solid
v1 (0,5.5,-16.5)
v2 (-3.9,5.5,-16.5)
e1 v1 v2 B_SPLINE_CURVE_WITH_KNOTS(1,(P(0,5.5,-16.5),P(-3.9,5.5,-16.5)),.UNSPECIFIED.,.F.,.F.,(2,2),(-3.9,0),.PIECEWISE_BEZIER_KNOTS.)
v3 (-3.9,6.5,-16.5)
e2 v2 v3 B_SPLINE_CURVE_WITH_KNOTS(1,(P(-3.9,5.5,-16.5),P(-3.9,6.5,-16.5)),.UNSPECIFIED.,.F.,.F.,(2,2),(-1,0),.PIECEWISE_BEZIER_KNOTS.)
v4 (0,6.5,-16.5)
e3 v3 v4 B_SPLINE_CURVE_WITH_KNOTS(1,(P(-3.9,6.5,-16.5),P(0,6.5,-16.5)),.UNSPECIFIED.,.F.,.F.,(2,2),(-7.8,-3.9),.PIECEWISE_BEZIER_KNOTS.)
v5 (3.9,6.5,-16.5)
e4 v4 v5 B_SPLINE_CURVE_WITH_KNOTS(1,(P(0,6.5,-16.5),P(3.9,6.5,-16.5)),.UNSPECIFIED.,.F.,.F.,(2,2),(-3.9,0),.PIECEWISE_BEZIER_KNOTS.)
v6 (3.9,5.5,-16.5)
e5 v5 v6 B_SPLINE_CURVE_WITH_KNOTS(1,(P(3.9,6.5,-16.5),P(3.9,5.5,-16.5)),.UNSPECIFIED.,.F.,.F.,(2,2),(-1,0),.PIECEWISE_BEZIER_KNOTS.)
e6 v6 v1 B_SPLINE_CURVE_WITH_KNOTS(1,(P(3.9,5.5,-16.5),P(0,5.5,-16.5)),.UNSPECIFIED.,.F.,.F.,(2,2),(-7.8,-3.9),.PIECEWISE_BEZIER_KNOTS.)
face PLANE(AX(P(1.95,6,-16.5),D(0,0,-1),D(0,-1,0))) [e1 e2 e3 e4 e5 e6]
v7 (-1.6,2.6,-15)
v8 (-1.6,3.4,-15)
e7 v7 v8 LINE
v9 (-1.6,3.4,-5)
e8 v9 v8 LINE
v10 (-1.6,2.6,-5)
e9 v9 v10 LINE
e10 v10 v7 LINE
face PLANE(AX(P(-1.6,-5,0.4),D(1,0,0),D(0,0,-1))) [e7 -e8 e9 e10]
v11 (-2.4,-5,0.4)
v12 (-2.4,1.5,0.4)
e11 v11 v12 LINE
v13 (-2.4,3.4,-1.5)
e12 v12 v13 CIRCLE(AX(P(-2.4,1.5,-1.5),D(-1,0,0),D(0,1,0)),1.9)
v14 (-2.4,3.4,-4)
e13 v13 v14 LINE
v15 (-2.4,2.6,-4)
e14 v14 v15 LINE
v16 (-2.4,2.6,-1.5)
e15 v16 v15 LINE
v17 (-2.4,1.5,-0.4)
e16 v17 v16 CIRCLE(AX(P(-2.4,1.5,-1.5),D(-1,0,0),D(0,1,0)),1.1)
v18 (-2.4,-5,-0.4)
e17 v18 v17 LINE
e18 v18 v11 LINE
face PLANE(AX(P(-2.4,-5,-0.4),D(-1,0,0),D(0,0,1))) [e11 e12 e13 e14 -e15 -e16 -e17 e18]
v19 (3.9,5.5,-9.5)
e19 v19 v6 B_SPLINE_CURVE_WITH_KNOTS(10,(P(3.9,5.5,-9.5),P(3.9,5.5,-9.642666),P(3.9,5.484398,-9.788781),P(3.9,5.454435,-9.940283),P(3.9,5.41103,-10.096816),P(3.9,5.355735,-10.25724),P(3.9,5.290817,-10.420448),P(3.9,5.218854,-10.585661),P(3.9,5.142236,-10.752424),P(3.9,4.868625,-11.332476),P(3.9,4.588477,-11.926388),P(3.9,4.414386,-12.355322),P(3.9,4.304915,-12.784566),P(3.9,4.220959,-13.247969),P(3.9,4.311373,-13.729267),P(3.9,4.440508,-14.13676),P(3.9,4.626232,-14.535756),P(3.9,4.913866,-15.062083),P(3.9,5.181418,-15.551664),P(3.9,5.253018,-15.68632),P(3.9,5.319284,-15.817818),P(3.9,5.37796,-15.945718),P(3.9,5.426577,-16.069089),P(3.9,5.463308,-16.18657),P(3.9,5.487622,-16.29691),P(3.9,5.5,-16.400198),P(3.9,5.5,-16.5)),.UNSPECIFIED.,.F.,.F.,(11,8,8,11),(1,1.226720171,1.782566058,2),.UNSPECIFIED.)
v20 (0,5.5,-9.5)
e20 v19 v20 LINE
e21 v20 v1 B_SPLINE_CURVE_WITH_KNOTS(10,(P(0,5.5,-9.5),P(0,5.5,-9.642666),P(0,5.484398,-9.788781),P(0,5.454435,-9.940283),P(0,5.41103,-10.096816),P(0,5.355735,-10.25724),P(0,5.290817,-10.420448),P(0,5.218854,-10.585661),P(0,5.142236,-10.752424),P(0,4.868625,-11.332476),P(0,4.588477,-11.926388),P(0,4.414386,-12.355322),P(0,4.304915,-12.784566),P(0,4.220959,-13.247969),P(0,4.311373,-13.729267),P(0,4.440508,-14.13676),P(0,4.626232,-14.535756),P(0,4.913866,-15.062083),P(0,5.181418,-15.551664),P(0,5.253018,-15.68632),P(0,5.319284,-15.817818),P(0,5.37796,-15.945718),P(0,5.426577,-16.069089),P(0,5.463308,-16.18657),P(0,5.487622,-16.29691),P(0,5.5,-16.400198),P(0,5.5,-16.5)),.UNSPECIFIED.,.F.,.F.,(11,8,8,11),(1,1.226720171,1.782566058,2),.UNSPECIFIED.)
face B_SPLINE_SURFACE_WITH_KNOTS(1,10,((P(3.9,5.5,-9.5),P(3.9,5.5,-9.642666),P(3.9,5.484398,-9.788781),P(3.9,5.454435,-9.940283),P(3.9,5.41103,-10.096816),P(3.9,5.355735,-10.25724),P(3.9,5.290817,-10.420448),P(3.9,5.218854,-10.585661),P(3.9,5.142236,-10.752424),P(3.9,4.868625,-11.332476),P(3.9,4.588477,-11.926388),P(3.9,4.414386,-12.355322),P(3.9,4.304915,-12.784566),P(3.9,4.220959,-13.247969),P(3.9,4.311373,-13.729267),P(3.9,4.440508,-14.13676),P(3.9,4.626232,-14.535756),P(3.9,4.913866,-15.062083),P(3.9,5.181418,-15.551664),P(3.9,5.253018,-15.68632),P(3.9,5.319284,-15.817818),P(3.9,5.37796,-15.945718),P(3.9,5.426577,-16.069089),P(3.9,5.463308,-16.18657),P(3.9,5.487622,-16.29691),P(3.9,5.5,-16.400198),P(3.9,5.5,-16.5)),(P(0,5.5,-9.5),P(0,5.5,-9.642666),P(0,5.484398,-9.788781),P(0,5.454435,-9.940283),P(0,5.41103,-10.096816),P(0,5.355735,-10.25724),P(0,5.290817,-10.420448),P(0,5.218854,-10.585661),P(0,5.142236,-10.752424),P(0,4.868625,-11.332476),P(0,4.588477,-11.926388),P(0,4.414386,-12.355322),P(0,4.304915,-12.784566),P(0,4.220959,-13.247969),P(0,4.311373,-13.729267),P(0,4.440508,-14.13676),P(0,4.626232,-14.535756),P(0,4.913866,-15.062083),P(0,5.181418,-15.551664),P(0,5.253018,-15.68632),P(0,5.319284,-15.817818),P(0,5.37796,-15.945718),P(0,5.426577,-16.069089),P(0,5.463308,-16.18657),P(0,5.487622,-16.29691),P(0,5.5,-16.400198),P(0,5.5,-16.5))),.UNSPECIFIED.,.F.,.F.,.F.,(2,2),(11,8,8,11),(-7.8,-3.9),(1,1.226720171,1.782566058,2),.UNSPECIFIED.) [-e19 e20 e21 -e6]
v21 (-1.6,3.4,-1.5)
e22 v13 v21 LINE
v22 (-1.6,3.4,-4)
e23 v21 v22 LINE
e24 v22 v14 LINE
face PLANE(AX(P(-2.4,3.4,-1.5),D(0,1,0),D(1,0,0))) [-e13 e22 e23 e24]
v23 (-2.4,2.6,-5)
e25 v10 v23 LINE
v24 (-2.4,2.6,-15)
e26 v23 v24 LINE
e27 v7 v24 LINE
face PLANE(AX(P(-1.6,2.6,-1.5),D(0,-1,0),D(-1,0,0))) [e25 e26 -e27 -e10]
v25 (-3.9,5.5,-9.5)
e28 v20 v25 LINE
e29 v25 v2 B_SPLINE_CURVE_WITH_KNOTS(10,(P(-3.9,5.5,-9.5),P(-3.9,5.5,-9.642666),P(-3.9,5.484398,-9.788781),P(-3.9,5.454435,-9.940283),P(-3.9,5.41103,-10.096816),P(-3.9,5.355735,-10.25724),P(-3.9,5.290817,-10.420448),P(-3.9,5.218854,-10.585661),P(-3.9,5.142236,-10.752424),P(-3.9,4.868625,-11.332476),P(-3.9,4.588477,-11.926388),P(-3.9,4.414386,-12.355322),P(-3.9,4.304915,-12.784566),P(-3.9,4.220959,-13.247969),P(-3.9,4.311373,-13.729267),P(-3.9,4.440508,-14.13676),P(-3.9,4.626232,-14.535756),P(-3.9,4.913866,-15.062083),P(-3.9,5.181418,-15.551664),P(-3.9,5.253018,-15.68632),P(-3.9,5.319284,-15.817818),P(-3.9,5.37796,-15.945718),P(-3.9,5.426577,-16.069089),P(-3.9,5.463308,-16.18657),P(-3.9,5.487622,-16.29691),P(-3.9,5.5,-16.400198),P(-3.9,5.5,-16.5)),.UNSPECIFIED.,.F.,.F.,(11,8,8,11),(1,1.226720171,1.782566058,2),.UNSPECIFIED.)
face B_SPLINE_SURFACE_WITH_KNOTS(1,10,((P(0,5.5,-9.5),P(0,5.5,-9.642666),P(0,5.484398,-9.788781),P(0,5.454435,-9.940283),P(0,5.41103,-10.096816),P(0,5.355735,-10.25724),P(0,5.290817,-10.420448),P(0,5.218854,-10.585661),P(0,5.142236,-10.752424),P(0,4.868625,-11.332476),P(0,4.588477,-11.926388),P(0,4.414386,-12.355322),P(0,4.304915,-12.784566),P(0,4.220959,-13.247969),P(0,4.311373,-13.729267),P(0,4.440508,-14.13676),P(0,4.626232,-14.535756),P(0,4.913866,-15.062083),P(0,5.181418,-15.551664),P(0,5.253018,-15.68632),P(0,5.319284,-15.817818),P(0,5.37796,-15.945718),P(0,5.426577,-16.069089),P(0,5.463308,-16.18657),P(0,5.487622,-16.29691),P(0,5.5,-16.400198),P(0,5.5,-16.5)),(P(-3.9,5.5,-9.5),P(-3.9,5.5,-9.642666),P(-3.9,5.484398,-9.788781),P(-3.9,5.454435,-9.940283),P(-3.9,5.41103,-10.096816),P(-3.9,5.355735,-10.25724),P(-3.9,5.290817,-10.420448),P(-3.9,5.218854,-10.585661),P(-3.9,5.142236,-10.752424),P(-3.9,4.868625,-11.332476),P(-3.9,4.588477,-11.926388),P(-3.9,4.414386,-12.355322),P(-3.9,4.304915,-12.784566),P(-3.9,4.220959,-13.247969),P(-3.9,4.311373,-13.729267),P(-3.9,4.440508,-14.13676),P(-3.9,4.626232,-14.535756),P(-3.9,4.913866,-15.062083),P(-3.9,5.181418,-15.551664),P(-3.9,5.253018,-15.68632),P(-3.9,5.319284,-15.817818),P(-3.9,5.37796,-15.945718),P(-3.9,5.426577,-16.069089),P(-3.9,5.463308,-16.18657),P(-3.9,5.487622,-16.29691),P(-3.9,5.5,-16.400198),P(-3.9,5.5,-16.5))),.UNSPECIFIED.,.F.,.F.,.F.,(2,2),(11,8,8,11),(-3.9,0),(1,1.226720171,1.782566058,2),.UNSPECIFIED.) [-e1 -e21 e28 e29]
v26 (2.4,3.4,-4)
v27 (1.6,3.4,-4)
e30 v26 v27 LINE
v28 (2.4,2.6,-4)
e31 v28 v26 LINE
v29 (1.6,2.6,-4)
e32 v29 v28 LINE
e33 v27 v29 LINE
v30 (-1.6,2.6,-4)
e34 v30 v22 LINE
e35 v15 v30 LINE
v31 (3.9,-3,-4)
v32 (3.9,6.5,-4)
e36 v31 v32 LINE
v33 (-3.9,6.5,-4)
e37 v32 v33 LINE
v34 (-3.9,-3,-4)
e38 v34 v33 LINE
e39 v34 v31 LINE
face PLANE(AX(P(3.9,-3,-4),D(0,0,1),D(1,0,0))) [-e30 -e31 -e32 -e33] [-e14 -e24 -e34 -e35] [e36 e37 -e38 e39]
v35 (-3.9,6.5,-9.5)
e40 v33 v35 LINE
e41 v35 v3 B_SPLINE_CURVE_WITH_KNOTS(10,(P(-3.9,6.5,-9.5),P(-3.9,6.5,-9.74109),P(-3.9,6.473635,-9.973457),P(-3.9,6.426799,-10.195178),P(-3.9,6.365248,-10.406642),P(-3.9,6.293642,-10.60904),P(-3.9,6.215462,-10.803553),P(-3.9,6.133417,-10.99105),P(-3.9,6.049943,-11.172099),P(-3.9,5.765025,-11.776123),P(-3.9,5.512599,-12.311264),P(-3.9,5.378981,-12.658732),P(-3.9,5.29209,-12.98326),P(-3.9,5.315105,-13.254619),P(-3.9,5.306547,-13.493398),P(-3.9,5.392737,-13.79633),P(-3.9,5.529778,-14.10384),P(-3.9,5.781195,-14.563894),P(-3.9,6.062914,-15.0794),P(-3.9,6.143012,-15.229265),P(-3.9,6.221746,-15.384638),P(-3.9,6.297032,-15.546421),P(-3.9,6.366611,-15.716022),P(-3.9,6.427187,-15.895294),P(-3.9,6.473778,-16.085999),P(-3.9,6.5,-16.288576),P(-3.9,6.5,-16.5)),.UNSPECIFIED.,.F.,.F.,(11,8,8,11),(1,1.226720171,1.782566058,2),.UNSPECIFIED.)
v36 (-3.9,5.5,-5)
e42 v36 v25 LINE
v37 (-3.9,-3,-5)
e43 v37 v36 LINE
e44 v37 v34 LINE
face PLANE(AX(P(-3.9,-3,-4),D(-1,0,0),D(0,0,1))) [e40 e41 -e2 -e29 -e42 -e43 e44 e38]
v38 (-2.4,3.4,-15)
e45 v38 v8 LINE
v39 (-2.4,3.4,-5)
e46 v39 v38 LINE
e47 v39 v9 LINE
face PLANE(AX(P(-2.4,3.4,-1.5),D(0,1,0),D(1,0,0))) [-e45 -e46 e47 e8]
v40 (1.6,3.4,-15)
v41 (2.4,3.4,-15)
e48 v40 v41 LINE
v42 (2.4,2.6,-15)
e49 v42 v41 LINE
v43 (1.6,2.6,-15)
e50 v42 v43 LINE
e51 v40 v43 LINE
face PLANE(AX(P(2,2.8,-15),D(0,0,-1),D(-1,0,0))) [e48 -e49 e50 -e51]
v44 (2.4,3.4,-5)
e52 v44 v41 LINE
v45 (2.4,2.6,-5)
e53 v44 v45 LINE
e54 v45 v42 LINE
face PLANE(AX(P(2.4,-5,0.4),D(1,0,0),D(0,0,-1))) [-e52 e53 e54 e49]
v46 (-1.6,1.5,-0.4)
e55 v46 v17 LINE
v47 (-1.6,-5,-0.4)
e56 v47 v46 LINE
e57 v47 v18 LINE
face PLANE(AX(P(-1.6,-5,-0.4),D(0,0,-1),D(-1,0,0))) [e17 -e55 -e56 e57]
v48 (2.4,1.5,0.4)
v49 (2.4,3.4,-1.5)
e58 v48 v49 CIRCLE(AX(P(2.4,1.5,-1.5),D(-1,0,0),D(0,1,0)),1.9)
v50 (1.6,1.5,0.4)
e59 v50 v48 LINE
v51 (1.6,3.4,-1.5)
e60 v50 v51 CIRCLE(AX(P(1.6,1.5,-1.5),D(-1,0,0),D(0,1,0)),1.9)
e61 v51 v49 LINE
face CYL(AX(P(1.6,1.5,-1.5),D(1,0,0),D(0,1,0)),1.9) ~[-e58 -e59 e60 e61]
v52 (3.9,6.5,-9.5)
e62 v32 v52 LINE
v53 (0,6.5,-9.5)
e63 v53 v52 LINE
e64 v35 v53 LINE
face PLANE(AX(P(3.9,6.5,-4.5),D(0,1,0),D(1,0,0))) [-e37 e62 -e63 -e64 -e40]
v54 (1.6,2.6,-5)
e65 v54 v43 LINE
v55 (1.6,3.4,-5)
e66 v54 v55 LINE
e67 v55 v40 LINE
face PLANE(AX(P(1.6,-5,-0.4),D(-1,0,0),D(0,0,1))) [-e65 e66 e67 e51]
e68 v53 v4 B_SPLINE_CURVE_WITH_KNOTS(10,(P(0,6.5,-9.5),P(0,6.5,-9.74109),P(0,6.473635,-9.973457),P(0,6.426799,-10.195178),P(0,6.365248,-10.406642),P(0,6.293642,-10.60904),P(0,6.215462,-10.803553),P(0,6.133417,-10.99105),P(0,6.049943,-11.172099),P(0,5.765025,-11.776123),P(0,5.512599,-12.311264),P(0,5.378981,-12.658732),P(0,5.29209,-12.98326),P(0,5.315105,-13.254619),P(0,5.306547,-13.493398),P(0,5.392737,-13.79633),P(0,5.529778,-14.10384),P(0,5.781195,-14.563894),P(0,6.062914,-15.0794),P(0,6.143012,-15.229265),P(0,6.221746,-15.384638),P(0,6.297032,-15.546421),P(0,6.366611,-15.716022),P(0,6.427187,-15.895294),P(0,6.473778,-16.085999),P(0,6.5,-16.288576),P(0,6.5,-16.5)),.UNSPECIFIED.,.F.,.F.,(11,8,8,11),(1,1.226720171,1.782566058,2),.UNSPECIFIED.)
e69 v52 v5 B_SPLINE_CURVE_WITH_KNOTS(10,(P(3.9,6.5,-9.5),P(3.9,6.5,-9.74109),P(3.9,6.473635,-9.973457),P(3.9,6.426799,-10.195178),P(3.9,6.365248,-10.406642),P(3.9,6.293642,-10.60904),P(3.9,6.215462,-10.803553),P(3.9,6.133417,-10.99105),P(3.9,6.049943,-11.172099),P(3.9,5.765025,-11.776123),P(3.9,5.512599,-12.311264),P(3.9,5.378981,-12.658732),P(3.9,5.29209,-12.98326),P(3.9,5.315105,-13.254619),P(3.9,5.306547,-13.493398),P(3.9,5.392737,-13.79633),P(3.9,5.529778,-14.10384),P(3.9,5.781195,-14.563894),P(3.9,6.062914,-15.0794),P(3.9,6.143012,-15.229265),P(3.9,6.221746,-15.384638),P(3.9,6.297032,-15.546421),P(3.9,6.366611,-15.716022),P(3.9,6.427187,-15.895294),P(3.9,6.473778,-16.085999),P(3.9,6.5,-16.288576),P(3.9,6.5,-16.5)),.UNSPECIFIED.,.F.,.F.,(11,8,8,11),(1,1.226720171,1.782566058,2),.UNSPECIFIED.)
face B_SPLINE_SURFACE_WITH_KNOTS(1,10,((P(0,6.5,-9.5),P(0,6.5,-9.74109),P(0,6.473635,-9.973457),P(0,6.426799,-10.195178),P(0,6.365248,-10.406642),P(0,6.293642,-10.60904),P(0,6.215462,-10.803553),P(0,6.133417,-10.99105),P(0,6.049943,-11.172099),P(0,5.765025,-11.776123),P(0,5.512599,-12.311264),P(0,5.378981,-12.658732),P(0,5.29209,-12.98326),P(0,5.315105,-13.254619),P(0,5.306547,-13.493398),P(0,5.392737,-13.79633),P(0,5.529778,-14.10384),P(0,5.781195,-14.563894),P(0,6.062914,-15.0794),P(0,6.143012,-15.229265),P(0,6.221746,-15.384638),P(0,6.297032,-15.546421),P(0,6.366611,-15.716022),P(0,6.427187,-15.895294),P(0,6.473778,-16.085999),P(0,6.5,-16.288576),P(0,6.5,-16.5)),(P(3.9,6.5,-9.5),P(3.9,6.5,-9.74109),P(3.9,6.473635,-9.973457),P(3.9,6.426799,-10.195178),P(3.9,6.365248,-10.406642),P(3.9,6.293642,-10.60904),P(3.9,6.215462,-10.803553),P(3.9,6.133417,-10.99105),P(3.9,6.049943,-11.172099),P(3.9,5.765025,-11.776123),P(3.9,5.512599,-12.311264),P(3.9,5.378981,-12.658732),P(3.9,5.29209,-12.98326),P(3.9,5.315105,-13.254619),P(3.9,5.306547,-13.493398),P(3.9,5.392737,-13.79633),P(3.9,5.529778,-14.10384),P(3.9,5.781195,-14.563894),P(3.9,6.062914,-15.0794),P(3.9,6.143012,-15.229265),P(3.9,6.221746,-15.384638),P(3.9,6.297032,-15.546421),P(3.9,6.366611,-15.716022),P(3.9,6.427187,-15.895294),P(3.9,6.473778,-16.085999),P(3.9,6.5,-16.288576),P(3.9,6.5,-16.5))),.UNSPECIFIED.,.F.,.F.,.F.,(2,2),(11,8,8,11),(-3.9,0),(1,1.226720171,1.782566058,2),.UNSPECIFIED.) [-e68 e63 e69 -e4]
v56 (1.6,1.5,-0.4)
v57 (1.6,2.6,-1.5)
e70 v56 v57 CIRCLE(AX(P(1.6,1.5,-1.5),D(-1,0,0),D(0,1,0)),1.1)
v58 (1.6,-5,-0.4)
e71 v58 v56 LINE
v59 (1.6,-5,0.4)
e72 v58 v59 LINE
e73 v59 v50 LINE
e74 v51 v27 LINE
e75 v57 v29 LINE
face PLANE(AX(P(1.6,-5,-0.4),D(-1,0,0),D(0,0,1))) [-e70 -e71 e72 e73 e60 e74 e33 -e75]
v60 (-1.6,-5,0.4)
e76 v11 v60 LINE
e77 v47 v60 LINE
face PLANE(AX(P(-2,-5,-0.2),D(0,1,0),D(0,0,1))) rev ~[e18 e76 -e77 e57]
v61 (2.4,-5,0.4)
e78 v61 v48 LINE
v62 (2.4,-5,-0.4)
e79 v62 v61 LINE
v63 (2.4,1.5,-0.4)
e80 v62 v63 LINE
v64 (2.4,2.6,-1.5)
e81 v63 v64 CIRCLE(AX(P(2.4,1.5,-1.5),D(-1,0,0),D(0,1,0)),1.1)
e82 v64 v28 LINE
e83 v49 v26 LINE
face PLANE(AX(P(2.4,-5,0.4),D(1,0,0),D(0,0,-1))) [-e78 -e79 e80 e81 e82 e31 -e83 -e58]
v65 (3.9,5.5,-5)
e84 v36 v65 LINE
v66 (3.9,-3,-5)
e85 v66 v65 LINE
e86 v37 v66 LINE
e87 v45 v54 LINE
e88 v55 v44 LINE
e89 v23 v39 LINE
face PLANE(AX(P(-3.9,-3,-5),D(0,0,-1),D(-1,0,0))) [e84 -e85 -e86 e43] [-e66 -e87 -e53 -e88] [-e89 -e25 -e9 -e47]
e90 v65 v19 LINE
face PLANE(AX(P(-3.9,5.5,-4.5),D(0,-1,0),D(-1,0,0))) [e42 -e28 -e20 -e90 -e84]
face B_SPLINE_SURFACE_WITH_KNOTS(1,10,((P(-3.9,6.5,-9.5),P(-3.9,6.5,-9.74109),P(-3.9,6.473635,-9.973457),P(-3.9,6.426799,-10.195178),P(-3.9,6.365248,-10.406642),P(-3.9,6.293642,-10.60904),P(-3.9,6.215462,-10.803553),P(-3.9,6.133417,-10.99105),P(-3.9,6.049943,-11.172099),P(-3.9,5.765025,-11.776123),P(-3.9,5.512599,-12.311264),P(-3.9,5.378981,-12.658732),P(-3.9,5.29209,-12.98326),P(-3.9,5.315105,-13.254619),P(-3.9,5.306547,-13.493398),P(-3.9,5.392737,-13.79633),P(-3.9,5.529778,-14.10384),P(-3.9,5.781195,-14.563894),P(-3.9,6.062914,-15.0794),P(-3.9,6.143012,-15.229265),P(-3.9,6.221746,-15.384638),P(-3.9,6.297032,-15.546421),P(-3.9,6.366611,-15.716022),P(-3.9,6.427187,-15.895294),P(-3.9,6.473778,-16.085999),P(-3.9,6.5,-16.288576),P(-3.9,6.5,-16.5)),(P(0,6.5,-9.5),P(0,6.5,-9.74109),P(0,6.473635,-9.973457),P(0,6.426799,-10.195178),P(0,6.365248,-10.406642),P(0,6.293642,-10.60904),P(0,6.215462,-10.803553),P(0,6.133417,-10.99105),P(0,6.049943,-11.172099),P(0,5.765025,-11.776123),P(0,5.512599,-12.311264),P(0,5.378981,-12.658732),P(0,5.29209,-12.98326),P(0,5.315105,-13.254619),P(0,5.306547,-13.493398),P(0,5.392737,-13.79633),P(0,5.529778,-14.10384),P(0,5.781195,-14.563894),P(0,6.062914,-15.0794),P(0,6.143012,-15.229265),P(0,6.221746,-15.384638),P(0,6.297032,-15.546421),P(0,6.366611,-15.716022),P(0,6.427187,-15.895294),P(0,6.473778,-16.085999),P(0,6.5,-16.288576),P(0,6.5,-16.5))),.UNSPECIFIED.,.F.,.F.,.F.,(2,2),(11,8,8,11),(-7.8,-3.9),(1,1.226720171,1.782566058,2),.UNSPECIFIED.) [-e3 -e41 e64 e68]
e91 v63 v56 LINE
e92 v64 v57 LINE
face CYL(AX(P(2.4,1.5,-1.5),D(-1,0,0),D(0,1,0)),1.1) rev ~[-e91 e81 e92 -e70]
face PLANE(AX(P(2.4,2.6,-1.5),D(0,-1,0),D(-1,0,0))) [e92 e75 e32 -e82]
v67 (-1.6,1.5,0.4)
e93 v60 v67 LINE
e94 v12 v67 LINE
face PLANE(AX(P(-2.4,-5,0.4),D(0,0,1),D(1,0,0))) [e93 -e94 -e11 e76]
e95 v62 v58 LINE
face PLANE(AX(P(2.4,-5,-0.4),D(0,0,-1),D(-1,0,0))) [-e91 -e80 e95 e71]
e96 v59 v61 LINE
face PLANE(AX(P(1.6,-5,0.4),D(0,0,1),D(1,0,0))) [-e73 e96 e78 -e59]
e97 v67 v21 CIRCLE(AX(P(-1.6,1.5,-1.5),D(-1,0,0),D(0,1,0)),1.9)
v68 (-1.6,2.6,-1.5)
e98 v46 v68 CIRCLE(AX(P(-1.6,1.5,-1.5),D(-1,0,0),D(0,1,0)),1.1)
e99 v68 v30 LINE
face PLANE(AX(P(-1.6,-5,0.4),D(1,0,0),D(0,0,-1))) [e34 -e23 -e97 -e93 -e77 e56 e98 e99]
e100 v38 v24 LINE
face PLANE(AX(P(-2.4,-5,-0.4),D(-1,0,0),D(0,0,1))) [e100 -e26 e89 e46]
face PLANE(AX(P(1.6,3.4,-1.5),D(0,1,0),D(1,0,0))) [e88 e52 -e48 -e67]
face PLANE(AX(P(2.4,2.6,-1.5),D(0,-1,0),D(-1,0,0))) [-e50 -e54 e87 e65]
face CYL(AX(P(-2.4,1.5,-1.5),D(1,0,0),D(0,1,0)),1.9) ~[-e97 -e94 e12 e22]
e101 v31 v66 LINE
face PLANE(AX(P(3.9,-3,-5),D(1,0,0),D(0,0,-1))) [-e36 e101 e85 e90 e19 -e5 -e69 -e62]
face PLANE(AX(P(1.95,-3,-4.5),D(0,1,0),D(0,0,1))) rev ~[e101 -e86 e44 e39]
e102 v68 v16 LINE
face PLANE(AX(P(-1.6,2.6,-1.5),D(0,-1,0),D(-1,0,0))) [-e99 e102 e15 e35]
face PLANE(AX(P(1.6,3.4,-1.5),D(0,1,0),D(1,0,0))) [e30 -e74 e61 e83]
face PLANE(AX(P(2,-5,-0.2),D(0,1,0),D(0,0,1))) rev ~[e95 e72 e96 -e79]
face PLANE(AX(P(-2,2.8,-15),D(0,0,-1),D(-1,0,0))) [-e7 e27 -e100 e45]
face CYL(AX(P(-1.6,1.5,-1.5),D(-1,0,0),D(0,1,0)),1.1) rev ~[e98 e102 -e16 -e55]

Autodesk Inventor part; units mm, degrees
ref_plane "YZ Plane" through (0, 0, 0) normal (1, 0, 0) x (0, 1, 0)
sketch "Эскиз1" plane through (0, 0, 0) normal (1, 0, 0) x (0, 1, 0)
  line L0 (-3, -4.5) -> (6, -4.5)
  line L1 (0, -19.9641) -> (0, 3.794) projected
  line L2 (-7.2118, 0) -> (8.271, 0) projected
  line L3 (6, -4.5) -> (6, -9.5)
  line L4 (6, -9.5) -> (6, -11.6158) construction
  line L5 (6, -11.6158) -> (2.9383, -13.3469) construction
  line L6 (2.9383, -13.3469) -> (6, -14.7108) construction
  line L7 (6, -14.7108) -> (6, -16.5) construction
  spline S0 degree 4 poles (6, -9.5) (6, -11.6158) (2.9383, -13.3469) (6, -14.7108) (6, -16.5) knots 1 1 1 1 1 2 2 2 2 2
  line L8 (-5, 0) -> (1.5, 0)
  line L9 (3, -1.5) -> (3, -15)
  arc A0 (3, -1.5) -> (1.5, 0) centre (1.5, -1.5) ccw
  point P0 (0, 0)
  dimension "d0" = 9
  dimension "d1" = 3
  dimension "d2" = 4.5
  dimension "d3" = 5
  dimension "d4" = 12
  dimension "d5" = 7
  dimension "d7" = 3
  dimension "d9" = 3
  dimension "d11" = 15
  dimension "d12" = 8
ref_plane "РабПлоскость1" through (0, -5, 0) normal (0, 1, 0) x (-1, 0, 0)
ref_plane "РабПлоскость2" through (0, -3, 0) normal (0, 1, 0) x (-1, 0, 0)
sketch "Эскиз2" plane through (0, -3, 0) normal (0, 1, 0) x (-1, 0, 0)
  line L0 (-3.9, -4) -> (3.9, -4)
  line L1 (3.9, -4) -> (3.9, -5)
  line L2 (3.9, -5) -> (-3.9, -5)
  line L3 (-3.9, -5) -> (-3.9, -4)
  line L4 (0, -5.48) -> (0, 1.38) projected
  line L5 (0, -4.5) -> (1.03, -4.5)
  point P0 (0, 0)
  dimension "d15" = 7.8
  dimension "d16" = 1
sweep "Сдвиг1" add profiles "Эскиз2" path "Эскиз1" path curves L0 L3 S0
sketch "Эскиз3" plane through (0, -5, 0) normal (0, 1, 0) x (-1, 0, 0)
  line L0 (3.36, 0) -> (-3.36, 0) projected
  line L1 (0, -0.56) -> (0, 0.56) projected
  line L2 (2.4, 0.4) -> (1.6, 0.4)
  line L3 (1.6, 0.4) -> (1.6, -0.4)
  line L4 (1.6, -0.4) -> (2.4, -0.4)
  line L5 (2.4, -0.4) -> (2.4, 0.4)
  line L6 (-1.6, 0.4) -> (-2.4, 0.4)
  line L7 (-2.4, 0.4) -> (-2.4, -0.4)
  line L8 (-2.4, -0.4) -> (-1.6, -0.4)
  line L9 (-1.6, -0.4) -> (-1.6, 0.4)
  point P0 (0, 0)
  dimension "d22" = 0.8
  dimension "d23" = 0.8
  dimension "d24" = 0.8
  dimension "d25" = 0.8
  dimension "d26" = 4
sweep "Сдвиг2" add profiles "Эскиз3" path "Эскиз1" path curves L8 A0 L9
sketch "Эскиз4" plane through (0, 0, 0) normal (0, 1, 0) x (-1, 0, 0)
  line L0 (2.4, 0.4) -> (1.6, 0.4) projected
  line L1 (2.4, -0.4) -> (2.4, 0.4) projected
  line L2 (1.6, -0.4) -> (2.4, -0.4) projected
  line L3 (1.6, 0.4) -> (1.6, -0.4) projected
  line L4 (-1.6, 0.4) -> (-2.4, 0.4) projected
  line L5 (-1.6, -0.4) -> (-1.6, 0.4) projected
  line L6 (-2.4, -0.4) -> (-1.6, -0.4) projected
  line L7 (-2.4, 0.4) -> (-2.4, -0.4) projected
  line L8 (2.4, 0.4) -> (1.6, 0.4) projected
  line L9 (1.6, 0.4) -> (1.6, -0.4) projected
  line L10 (1.6, -0.4) -> (2.4, -0.4) projected
  line L11 (2.4, -0.4) -> (2.4, 0.4) projected
  line L12 (-2.4, -0.4) -> (-1.6, -0.4) projected
  line L13 (-1.6, -0.4) -> (-1.6, 0.4) projected
  line L14 (-1.6, 0.4) -> (-2.4, 0.4) projected
  line L15 (-2.4, 0.4) -> (-2.4, -0.4) projected
  circle A0 centre (-2, 0) radius 0.5657
  point P0 (0, 0)
properties part number "conn_sensor"
